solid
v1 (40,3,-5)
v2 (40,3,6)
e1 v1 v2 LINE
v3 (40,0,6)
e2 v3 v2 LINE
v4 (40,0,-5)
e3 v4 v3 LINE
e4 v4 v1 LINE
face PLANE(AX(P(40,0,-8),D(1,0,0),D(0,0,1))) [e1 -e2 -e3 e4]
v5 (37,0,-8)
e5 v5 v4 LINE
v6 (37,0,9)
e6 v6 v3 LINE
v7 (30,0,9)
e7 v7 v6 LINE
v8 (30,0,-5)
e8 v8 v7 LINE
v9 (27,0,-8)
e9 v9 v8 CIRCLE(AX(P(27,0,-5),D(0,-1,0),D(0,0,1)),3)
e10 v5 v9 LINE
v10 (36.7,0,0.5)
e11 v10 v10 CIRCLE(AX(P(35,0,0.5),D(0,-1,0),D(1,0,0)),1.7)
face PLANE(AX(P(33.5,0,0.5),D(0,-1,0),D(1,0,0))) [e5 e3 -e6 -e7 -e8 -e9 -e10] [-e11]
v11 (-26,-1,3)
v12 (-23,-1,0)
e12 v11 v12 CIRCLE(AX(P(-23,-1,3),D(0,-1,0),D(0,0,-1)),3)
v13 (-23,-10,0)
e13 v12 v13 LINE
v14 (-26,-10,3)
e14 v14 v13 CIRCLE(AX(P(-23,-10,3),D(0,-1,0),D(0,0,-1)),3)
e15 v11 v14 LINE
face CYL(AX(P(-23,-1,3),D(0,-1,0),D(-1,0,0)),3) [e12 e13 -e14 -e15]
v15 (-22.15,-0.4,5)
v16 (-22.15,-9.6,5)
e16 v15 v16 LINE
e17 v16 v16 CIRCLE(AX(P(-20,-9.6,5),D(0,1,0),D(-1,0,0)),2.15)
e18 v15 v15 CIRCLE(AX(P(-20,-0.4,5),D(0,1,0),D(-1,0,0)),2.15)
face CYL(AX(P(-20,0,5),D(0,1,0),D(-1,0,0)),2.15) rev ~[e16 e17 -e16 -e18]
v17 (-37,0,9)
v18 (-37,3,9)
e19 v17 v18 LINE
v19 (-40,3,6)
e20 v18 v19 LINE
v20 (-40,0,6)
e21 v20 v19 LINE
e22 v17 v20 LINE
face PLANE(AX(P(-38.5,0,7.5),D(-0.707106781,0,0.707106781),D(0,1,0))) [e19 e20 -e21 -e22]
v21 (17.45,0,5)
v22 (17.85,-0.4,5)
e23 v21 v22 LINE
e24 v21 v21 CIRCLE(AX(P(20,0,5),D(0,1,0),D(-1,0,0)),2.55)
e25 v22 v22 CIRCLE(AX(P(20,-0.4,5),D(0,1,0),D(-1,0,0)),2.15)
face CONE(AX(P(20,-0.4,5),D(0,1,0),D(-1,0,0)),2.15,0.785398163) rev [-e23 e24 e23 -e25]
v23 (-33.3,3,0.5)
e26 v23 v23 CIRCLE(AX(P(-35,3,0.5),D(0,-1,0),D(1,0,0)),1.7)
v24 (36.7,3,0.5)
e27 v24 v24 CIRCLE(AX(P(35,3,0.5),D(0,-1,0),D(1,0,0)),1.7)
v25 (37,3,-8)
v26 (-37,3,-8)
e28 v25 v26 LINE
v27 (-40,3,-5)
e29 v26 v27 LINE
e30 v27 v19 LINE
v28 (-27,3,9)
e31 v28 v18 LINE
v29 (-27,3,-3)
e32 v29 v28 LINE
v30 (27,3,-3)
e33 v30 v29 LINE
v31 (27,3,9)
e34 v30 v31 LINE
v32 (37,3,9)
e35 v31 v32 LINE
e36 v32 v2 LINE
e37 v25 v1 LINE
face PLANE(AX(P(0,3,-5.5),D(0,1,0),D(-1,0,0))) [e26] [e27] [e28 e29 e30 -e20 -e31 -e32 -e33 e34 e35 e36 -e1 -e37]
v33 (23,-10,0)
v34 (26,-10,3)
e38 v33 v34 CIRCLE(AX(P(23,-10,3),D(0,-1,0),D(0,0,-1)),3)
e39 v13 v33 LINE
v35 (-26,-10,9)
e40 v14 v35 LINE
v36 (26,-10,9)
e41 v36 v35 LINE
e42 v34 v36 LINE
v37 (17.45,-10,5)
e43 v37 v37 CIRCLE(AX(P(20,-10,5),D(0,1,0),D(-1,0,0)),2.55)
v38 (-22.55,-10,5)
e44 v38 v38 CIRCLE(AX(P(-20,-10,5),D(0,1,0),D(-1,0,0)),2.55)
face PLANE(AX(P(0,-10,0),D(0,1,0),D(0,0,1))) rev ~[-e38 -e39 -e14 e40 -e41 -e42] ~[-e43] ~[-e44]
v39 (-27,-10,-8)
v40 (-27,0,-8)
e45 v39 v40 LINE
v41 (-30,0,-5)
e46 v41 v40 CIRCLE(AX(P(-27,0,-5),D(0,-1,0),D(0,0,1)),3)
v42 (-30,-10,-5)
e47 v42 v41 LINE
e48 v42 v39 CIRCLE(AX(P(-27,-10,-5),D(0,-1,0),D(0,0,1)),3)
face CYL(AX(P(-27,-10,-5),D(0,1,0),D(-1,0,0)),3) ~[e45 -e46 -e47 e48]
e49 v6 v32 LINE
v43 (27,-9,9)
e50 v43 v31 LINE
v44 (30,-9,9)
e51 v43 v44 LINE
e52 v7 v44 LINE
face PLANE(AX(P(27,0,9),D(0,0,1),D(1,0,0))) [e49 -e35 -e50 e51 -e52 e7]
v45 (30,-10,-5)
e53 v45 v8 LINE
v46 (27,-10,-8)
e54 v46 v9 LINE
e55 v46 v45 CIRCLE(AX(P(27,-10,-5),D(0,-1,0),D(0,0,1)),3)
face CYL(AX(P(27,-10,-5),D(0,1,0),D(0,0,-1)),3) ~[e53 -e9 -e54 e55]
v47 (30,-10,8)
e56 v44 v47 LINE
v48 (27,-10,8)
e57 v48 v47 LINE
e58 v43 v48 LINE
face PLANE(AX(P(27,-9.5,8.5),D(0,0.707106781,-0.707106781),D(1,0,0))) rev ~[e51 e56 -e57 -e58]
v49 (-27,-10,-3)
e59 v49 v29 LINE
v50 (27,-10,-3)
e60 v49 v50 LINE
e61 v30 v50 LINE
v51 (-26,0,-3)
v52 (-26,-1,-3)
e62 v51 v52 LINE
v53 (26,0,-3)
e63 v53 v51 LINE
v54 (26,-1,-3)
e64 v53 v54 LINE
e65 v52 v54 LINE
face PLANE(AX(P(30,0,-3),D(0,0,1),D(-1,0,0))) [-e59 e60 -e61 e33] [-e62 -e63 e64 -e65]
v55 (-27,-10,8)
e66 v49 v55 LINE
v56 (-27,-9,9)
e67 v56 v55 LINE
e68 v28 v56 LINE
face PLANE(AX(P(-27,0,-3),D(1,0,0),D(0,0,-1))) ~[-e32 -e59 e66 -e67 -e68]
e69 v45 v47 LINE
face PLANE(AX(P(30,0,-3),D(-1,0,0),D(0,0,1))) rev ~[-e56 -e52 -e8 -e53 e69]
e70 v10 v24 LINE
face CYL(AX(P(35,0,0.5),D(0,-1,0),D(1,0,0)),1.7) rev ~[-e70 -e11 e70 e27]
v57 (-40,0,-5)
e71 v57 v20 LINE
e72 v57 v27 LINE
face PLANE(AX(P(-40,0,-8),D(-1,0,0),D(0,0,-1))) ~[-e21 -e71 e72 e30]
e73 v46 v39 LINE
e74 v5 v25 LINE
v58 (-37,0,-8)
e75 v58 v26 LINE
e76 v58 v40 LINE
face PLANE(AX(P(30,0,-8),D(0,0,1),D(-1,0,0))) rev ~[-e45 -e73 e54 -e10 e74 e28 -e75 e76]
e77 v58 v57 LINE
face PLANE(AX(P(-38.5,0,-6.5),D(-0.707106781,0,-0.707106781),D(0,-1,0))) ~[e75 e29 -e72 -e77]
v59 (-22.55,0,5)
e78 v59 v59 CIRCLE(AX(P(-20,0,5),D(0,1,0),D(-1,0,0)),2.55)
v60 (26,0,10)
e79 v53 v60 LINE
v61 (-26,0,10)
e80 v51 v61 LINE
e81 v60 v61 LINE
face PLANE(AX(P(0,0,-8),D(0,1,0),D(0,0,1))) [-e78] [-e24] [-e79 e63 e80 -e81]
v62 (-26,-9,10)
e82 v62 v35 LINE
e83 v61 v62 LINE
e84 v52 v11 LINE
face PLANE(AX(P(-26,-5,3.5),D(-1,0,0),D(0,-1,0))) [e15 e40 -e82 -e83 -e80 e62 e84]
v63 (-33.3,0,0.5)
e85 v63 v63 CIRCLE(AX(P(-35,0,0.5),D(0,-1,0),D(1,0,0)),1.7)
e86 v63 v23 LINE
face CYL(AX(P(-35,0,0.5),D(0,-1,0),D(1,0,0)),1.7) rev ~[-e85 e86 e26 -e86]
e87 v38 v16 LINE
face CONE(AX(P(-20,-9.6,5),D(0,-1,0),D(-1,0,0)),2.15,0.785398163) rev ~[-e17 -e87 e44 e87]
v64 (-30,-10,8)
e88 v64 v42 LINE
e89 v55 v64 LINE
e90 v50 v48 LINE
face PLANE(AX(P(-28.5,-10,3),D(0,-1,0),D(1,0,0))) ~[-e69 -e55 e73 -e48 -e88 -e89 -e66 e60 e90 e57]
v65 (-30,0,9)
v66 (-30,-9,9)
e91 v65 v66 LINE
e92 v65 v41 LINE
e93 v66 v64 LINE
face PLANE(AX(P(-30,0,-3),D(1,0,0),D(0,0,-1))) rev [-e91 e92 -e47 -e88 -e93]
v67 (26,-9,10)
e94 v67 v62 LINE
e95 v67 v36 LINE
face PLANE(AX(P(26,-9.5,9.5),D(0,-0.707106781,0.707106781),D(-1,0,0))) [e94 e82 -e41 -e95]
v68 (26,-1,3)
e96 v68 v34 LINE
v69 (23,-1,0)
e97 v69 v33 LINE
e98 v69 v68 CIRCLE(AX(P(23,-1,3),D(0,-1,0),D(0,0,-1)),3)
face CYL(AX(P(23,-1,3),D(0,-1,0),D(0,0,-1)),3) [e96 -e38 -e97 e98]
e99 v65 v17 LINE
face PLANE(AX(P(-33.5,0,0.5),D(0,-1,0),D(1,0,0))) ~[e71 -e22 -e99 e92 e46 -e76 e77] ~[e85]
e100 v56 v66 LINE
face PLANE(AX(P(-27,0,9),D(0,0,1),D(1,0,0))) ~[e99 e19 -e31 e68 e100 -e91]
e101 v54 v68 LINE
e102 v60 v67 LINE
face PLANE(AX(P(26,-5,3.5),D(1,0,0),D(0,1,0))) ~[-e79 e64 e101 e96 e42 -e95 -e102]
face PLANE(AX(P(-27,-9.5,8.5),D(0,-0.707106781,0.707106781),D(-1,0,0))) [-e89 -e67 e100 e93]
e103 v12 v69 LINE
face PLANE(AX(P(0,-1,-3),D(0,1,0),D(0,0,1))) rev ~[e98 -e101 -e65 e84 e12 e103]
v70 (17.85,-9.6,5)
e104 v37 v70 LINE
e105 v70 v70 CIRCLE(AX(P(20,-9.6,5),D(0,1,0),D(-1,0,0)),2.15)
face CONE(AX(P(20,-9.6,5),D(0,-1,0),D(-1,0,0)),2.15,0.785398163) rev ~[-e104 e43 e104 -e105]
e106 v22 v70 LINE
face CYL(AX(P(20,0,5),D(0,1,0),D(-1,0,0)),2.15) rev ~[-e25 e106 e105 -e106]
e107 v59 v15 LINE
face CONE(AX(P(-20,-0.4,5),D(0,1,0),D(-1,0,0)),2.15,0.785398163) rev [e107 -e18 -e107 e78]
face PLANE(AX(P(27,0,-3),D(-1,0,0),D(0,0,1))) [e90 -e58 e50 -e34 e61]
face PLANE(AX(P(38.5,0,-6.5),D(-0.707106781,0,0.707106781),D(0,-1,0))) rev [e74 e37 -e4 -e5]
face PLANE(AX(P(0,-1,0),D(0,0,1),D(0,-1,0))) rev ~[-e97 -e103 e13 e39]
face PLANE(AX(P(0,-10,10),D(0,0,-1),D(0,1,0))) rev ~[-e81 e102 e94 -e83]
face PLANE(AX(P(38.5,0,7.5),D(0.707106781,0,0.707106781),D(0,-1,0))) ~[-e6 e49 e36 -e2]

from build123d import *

# Parameters (mm, degrees)
PAD062_DEPTH    = 30
SKETCH125_W     = 10
SKETCH125_H     = 13
POCKET062_DEPTH = 4
SKETCH126_W     = 60
SKETCH126_H     = 5
PAD063_DEPTH    = 3
SKETCH127_W     = 13
SKETCH127_H     = 17
PAD064_DEPTH    = 3
SKETCH128_W     = 3
SKETCH128_H     = 12
PAD065_DEPTH    = 10
SKETCH129_R     = 1.7
POCKET063_DEPTH = 5
CHAMFER046_SIZE = 3
FILLET045_R     = 3
FILLET046_R     = 3
CHAMFER047_SIZE = 1
SKETCH130_R     = 2.15
POCKET064_DEPTH = 10.001
CHAMFER048_SIZE = 0.4


with BuildPart() as part:
    # Sketch124 → Pad062 (new body, symmetric)
    with BuildSketch(Plane.YZ):
        Polygon((-10, 0), (-10, 10), (0, 10), (0, 0), (0, -3), (0, -8), (-10, -8), (-10, -3), (-1, -3), (-1, 0), align=None)
    extrude(amount=PAD062_DEPTH, both=True)

    # Sketch125 (on Face8 of Pad062) → Pocket062 (cut)
    with BuildSketch(Plane(origin=(-30, 0, 0), x_dir=(0, -1, 0), z_dir=(-1, 0, 0))):
        with Locations((5, 3.5)):
            Rectangle(SKETCH125_W, SKETCH125_H)
    pocket062 = extrude(amount=-POCKET062_DEPTH, mode=Mode.SUBTRACT)

    # Mirrored009: Pocket062 across YZ
    add(pocket062.mirror(Plane.YZ), mode=Mode.SUBTRACT)

    # Sketch126 (on Face6 of Mirrored009) → Pad063 (join)
    with BuildSketch(Plane(origin=(0, 0, 0), x_dir=(-1, 0, 0), z_dir=(0, 1, 0))):
        with Locations((0, -5.5)):
            Rectangle(SKETCH126_W, SKETCH126_H)
    extrude(amount=PAD063_DEPTH)

    # Sketch127 → Pad064 (join)
    with BuildSketch(Plane.XZ):
        with Locations((33.5, 0.5)):
            Rectangle(SKETCH127_W, SKETCH127_H)
    pad064 = extrude(amount=-PAD064_DEPTH)

    # Sketch128 (on Face6 of Pad064) → Pad065 (join)
    with BuildSketch(Plane.XZ):
        with Locations((28.5, 3)):
            Rectangle(SKETCH128_W, SKETCH128_H)
    pad065 = extrude(amount=PAD065_DEPTH)

    # Mirrored010: Pad064, Pad065 across Sketch127 V_Axis
    add(pad064.mirror(Plane(origin=(0, 0, 0), x_dir=(0, -1, 0), z_dir=(1, 0, 0))))
    add(pad065.mirror(Plane(origin=(0, 0, 0), x_dir=(0, -1, 0), z_dir=(1, 0, 0))))

    # Sketch129 → Pocket063 (cut)
    with BuildSketch(Plane.XZ):
        with Locations((-35, 0.5)):
            Circle(SKETCH129_R)
        with Locations((35, 0.5)):
            Circle(SKETCH129_R)
    extrude(amount=-POCKET063_DEPTH, mode=Mode.SUBTRACT)

    # Chamfer046
    chamfer046_edges = [part.edges().sort_by_distance(p)[0] for p in [
        (-40, 1.5, 9),
        (-40, 1.5, -8),
        (40, 1.5, -8),
        (40, 1.5, 9),
    ]]
    chamfer(chamfer046_edges, length=CHAMFER046_SIZE)

    # Fillet045
    fillet045_edges = [part.edges().sort_by_distance(p)[0] for p in [
        (-30, -5, -8),
        (30, -5, -8),
    ]]
    fillet(fillet045_edges, radius=FILLET045_R)

    # Fillet046
    fillet046_edges = [part.edges().sort_by_distance(p)[0] for p in [
        (26, -5.5, 0),
        (-26, -5.5, 0),
    ]]
    fillet(fillet046_edges, radius=FILLET046_R)

    # Chamfer047
    chamfer047_edges = [part.edges().sort_by_distance(p)[0] for p in [
        (-28.5, -10, 9),
        (28.5, -10, 9),
        (0, -10, 10),
    ]]
    chamfer(chamfer047_edges, length=CHAMFER047_SIZE)

    # Sketch130 (on Face7 of Chamfer047) → Pocket064 (cut, through all)
    with BuildSketch(Plane(origin=(0, 0, 0), x_dir=(-1, 0, 0), z_dir=(0, 1, 0))):
        with Locations((-20, 5)):
            Circle(SKETCH130_R)
        with Locations((20, 5)):
            Circle(SKETCH130_R)
    extrude(amount=-POCKET064_DEPTH, mode=Mode.SUBTRACT)

    # Chamfer048
    chamfer048_edges = [part.edges().sort_by_distance(p)[0] for p in [
        (-17.85, -10, 5),
        (-17.85, 0, 5),
        (22.15, -10, 5),
        (22.15, 0, 5),
    ]]
    chamfer(chamfer048_edges, length=CHAMFER048_SIZE)


solid = part.part
